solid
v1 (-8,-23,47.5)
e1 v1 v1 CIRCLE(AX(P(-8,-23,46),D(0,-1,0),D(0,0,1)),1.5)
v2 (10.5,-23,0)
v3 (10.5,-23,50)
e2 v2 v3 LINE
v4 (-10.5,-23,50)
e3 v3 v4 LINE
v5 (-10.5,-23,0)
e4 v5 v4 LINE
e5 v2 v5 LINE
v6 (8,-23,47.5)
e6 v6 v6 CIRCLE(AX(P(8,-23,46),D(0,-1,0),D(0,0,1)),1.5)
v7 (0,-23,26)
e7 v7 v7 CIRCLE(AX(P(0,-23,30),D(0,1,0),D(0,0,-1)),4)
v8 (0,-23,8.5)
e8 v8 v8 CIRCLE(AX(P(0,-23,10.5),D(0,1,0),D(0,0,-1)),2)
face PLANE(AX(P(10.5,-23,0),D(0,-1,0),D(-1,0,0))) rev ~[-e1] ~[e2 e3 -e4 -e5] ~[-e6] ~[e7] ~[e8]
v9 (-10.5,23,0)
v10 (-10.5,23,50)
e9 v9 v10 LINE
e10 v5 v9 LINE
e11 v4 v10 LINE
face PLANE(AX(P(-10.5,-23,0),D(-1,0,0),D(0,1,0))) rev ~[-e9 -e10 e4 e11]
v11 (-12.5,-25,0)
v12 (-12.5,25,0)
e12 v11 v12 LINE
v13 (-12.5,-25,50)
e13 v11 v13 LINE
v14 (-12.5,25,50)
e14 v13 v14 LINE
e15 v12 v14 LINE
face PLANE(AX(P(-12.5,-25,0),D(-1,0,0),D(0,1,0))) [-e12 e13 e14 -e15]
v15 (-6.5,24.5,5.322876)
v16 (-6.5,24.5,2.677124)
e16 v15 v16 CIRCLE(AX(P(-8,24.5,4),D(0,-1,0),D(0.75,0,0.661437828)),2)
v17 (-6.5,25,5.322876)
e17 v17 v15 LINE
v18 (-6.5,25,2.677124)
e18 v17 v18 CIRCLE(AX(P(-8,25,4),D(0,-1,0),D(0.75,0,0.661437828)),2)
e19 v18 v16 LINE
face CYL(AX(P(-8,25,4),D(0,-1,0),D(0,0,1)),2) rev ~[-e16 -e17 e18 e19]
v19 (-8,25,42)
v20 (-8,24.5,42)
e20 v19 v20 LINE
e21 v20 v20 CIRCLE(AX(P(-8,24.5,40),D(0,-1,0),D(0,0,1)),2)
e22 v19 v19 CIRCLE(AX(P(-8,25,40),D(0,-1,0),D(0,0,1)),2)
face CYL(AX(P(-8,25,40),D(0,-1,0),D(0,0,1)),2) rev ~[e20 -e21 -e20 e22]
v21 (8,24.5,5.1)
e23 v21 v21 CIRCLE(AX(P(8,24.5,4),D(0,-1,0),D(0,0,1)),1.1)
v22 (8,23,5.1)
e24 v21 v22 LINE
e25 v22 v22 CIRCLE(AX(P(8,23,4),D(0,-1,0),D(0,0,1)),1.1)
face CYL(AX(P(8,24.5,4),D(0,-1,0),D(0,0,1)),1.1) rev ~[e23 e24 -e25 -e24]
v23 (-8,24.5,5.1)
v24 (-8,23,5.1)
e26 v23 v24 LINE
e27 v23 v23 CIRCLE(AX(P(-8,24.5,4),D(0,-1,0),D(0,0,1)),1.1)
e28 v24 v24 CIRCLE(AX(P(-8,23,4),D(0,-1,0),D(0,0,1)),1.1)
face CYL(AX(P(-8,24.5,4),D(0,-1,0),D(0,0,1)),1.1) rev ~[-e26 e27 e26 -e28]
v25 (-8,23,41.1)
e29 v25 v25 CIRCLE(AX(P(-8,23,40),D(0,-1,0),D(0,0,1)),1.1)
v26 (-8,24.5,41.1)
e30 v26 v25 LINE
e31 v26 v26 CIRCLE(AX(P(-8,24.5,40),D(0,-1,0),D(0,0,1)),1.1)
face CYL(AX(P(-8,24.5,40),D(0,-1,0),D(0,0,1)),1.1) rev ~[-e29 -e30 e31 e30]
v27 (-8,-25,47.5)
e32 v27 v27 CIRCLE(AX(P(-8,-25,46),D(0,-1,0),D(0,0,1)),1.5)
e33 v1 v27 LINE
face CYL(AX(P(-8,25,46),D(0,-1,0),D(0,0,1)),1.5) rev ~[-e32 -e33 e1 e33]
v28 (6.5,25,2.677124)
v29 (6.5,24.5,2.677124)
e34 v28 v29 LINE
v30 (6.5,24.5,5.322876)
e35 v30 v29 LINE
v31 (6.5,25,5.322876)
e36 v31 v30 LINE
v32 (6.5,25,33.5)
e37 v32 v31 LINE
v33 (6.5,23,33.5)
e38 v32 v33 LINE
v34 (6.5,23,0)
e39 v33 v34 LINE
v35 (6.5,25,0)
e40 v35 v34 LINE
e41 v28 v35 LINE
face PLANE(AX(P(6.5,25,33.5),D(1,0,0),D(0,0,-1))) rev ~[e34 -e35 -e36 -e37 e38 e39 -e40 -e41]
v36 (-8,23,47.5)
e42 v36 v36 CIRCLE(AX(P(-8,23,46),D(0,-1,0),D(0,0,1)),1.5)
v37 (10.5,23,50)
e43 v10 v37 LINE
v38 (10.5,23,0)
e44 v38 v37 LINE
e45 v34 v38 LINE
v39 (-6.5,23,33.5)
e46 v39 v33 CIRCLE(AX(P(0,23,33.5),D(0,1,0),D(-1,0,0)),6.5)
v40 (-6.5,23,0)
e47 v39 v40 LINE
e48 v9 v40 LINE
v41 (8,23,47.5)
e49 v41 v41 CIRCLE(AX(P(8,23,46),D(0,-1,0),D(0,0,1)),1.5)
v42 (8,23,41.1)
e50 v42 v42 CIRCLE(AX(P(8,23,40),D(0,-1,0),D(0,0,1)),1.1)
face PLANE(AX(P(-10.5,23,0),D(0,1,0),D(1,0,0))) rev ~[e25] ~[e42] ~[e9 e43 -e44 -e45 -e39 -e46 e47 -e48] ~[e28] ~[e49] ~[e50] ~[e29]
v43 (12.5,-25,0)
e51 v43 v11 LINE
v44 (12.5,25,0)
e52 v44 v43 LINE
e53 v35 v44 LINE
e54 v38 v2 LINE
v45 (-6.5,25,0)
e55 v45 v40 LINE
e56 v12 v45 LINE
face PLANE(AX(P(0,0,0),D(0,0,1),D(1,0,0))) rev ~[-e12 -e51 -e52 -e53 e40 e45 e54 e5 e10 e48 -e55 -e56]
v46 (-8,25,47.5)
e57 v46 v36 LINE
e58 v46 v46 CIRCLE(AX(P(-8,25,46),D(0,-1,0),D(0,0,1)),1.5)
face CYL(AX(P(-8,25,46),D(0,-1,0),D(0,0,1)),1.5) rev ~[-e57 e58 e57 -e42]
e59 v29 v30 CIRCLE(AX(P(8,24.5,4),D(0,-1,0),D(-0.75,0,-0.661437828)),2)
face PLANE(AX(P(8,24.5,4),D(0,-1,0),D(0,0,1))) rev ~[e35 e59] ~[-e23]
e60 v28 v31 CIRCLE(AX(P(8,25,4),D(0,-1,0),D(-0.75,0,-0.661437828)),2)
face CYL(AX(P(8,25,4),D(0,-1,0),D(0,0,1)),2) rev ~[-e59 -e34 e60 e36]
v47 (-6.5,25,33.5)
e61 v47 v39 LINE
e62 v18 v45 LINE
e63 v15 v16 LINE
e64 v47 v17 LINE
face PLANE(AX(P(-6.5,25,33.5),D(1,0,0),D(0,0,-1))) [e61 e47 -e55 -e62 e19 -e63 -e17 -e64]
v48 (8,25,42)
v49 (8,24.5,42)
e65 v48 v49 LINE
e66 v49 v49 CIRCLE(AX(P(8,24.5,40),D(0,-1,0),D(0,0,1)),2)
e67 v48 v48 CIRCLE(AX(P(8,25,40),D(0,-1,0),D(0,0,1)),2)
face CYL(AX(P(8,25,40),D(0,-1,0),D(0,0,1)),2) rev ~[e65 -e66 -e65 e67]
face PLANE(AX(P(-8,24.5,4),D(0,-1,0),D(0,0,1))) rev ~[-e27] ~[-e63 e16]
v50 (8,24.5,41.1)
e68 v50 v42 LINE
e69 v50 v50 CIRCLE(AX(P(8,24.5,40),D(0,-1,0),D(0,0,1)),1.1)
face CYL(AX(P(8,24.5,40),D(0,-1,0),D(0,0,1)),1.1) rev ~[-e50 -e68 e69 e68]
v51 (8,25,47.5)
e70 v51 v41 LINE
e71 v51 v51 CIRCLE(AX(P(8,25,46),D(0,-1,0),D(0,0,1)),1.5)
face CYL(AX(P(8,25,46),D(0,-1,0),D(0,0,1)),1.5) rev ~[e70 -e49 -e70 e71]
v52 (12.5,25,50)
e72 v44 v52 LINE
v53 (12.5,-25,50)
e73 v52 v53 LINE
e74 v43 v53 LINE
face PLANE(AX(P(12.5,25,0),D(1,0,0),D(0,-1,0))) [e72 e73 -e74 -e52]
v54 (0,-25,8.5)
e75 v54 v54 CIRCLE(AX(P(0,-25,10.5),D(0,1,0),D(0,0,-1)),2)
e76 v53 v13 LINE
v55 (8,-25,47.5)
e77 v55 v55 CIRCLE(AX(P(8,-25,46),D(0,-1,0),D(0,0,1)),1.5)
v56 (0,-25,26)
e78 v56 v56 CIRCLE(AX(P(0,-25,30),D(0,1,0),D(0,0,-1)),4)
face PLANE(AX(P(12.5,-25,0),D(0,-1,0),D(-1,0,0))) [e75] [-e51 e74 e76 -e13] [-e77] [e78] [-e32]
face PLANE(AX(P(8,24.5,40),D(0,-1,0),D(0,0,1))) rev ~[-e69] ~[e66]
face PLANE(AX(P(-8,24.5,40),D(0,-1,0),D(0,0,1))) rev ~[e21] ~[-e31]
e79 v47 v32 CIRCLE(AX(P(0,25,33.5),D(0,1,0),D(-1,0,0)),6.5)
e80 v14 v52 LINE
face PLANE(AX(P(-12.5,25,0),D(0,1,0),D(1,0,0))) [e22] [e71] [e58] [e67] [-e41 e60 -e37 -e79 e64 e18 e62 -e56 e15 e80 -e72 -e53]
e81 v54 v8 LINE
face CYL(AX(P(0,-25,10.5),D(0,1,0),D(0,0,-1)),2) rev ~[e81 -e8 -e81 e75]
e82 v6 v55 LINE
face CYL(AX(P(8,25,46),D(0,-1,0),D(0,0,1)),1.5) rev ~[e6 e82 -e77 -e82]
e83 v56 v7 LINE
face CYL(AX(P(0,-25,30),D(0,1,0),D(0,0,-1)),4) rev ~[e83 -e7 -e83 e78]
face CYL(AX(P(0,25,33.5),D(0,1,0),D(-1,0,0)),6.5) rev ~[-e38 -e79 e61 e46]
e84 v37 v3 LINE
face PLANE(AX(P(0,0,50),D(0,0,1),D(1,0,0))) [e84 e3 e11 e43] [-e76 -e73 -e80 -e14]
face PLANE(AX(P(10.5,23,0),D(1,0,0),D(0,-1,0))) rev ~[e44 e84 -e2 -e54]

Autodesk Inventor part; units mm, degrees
ref_plane "YZ Plane" through (0, 0, 0) normal (1, 0, 0) x (0, 1, 0)
ref_plane "XZ Plane" through (0, 0, 0) normal (0, 1, 0) x (-1, 0, 0)
ref_plane "XY Plane" through (0, 0, 0) normal (0, 0, 1) x (1, 0, 0)
sketch "スケッチ1" plane through (0, 0, 0) normal (0, 0, 1) x (1, 0, 0)
  line L0 (-12.5, 25) -> (12.5, 25)
  line L1 (12.5, 25) -> (12.5, -25)
  line L2 (12.5, -25) -> (-12.5, -25)
  line L3 (-12.5, -25) -> (-12.5, 25)
  line L4 (-10.5, 23) -> (10.5, 23)
  line L5 (10.5, 23) -> (10.5, -23)
  line L6 (10.5, -23) -> (-10.5, -23)
  line L7 (-10.5, -23) -> (-10.5, 23)
  point P0 (0, 0)
  dimension "d0" = 25
  dimension "d1" = 50
  dimension "d2" = 46
  dimension "d3" = 21
  dimension "d4" = 25
  dimension "d5" = 23
  dimension "d6" = 10.5
  dimension "d7" = 12.5
extrude "押し出し1" add sketch "スケッチ1" along normal blind 50
sketch "スケッチ2" plane through (-12.5, 25, 0) normal (0, 1, 0) x (1, 0, 0)
  line L0 (0, 0) -> (25, 0) projected
  line L1 (0, 0) -> (0, -50) projected
  arc A0 (6, -33.5) -> (19, -33.5) centre (12.5, -33.5) ccw
  line L2 (6, -33.5) -> (6, 0)
  line L3 (19, -33.5) -> (19, 0)
  point P0 (12.5, 0)
  dimension "d10" = 13
  dimension "d11" = 33.5
  dimension "d12" = 12.5
extrude "押し出し2" cut sketch "スケッチ2" against normal blind 2
sketch "スケッチ3" plane through (-12.5, 25, 50) normal (0, 1, 0) x (1, 0, 0)
  arc A0 (6, 16.5) -> (19, 16.5) centre (12.5, 16.5) ccw projected
  circle A1 centre (4.5, 10) radius 1.1
  circle A2 centre (4.5, 46) radius 1.1
  circle A3 centre (20.5, 46) radius 1.1
  circle A4 centre (20.5, 10) radius 1.1
  point P0 (12.5, 50)
  dimension "d15" = 6.5
  dimension "d16" = 6.5
  dimension "d17" = 2.2
  dimension "d18" = 8
  dimension "d19" = 8
  dimension "d20" = 8
  dimension "d21" = 8
  dimension "d22" = 29.5
  dimension "d23" = 29.5
hole "穴1" at (-8, 25, 4) at (8, 25, 4) at (8, 25, 40) at (-8, 25, 40) direction (0, -1, 0) diameter 2.2 depth 2 tip angle 118 counterbore diameter 4 counterbore depth 0.5
sketch "スケッチ4" plane through (-12.5, -25, 0) normal (0, -1, 0) x (1, 0, 0)
  line L0 (25, 0) -> (0, 0) projected
  line L1 (25, 0) -> (25, 50) projected
  circle A0 centre (12.5, 10.5) radius 2
  point P0 (12.5, 0)
  dimension "d31" = 4
  dimension "d32" = 12.5
  dimension "d33" = 10.5
hole "穴2" at (0, -25, 10.5) direction (0, 1, 0) diameter 4 end through all
sketch "スケッチ5" plane through (-12.5, 25, 50) normal (0, 1, 0) x (1, 0, 0)
  line L0 (0, 0) -> (25, 0) projected
  arc A0 (6, 16.5) -> (19, 16.5) centre (12.5, 16.5) ccw projected
  circle A1 centre (20.5, 4) radius 1.5
  circle A2 centre (4.5, 4) radius 1.5
  point P0 (12.5, 50)
  dimension "d43" = 4
  dimension "d44" = 4
  dimension "d46" = 8
  dimension "d47" = 8
  dimension "d57" = 3
hole "穴4" at (-8, 25, 46) at (8, 25, 46) direction (0, -1, 0) diameter 3 end through all
thread "ねじ1" size "M3x0.5" class "6H" standard "ANSI Metric M Profile" full length
thread "ねじ2" size "M3x0.5" class "6H" standard "ANSI Metric M Profile" full length
thread "ねじ3" size "M3x0.5" class "6H" standard "ANSI Metric M Profile" full length
thread "ねじ4" size "M3x0.5" class "6H" standard "ANSI Metric M Profile" full length
sketch "スケッチ7" plane through (-12.5, -25, 0) normal (0, -1, 0) x (1, 0, 0)
  line L0 (25, 50) -> (0, 50) projected
  line L1 (0, 0) -> (0, 50) projected
  circle A0 centre (12.5, 30) radius 4
  point P0 (12.5, 0)
  dimension "d78" = 8
  dimension "d80" = 20
  dimension "d81" = 12.5
hole "穴5" at (0, -25, 30) direction (0, 1, 0) diameter 8 end through all
properties part number "08" material "アルミニウム 6061"
